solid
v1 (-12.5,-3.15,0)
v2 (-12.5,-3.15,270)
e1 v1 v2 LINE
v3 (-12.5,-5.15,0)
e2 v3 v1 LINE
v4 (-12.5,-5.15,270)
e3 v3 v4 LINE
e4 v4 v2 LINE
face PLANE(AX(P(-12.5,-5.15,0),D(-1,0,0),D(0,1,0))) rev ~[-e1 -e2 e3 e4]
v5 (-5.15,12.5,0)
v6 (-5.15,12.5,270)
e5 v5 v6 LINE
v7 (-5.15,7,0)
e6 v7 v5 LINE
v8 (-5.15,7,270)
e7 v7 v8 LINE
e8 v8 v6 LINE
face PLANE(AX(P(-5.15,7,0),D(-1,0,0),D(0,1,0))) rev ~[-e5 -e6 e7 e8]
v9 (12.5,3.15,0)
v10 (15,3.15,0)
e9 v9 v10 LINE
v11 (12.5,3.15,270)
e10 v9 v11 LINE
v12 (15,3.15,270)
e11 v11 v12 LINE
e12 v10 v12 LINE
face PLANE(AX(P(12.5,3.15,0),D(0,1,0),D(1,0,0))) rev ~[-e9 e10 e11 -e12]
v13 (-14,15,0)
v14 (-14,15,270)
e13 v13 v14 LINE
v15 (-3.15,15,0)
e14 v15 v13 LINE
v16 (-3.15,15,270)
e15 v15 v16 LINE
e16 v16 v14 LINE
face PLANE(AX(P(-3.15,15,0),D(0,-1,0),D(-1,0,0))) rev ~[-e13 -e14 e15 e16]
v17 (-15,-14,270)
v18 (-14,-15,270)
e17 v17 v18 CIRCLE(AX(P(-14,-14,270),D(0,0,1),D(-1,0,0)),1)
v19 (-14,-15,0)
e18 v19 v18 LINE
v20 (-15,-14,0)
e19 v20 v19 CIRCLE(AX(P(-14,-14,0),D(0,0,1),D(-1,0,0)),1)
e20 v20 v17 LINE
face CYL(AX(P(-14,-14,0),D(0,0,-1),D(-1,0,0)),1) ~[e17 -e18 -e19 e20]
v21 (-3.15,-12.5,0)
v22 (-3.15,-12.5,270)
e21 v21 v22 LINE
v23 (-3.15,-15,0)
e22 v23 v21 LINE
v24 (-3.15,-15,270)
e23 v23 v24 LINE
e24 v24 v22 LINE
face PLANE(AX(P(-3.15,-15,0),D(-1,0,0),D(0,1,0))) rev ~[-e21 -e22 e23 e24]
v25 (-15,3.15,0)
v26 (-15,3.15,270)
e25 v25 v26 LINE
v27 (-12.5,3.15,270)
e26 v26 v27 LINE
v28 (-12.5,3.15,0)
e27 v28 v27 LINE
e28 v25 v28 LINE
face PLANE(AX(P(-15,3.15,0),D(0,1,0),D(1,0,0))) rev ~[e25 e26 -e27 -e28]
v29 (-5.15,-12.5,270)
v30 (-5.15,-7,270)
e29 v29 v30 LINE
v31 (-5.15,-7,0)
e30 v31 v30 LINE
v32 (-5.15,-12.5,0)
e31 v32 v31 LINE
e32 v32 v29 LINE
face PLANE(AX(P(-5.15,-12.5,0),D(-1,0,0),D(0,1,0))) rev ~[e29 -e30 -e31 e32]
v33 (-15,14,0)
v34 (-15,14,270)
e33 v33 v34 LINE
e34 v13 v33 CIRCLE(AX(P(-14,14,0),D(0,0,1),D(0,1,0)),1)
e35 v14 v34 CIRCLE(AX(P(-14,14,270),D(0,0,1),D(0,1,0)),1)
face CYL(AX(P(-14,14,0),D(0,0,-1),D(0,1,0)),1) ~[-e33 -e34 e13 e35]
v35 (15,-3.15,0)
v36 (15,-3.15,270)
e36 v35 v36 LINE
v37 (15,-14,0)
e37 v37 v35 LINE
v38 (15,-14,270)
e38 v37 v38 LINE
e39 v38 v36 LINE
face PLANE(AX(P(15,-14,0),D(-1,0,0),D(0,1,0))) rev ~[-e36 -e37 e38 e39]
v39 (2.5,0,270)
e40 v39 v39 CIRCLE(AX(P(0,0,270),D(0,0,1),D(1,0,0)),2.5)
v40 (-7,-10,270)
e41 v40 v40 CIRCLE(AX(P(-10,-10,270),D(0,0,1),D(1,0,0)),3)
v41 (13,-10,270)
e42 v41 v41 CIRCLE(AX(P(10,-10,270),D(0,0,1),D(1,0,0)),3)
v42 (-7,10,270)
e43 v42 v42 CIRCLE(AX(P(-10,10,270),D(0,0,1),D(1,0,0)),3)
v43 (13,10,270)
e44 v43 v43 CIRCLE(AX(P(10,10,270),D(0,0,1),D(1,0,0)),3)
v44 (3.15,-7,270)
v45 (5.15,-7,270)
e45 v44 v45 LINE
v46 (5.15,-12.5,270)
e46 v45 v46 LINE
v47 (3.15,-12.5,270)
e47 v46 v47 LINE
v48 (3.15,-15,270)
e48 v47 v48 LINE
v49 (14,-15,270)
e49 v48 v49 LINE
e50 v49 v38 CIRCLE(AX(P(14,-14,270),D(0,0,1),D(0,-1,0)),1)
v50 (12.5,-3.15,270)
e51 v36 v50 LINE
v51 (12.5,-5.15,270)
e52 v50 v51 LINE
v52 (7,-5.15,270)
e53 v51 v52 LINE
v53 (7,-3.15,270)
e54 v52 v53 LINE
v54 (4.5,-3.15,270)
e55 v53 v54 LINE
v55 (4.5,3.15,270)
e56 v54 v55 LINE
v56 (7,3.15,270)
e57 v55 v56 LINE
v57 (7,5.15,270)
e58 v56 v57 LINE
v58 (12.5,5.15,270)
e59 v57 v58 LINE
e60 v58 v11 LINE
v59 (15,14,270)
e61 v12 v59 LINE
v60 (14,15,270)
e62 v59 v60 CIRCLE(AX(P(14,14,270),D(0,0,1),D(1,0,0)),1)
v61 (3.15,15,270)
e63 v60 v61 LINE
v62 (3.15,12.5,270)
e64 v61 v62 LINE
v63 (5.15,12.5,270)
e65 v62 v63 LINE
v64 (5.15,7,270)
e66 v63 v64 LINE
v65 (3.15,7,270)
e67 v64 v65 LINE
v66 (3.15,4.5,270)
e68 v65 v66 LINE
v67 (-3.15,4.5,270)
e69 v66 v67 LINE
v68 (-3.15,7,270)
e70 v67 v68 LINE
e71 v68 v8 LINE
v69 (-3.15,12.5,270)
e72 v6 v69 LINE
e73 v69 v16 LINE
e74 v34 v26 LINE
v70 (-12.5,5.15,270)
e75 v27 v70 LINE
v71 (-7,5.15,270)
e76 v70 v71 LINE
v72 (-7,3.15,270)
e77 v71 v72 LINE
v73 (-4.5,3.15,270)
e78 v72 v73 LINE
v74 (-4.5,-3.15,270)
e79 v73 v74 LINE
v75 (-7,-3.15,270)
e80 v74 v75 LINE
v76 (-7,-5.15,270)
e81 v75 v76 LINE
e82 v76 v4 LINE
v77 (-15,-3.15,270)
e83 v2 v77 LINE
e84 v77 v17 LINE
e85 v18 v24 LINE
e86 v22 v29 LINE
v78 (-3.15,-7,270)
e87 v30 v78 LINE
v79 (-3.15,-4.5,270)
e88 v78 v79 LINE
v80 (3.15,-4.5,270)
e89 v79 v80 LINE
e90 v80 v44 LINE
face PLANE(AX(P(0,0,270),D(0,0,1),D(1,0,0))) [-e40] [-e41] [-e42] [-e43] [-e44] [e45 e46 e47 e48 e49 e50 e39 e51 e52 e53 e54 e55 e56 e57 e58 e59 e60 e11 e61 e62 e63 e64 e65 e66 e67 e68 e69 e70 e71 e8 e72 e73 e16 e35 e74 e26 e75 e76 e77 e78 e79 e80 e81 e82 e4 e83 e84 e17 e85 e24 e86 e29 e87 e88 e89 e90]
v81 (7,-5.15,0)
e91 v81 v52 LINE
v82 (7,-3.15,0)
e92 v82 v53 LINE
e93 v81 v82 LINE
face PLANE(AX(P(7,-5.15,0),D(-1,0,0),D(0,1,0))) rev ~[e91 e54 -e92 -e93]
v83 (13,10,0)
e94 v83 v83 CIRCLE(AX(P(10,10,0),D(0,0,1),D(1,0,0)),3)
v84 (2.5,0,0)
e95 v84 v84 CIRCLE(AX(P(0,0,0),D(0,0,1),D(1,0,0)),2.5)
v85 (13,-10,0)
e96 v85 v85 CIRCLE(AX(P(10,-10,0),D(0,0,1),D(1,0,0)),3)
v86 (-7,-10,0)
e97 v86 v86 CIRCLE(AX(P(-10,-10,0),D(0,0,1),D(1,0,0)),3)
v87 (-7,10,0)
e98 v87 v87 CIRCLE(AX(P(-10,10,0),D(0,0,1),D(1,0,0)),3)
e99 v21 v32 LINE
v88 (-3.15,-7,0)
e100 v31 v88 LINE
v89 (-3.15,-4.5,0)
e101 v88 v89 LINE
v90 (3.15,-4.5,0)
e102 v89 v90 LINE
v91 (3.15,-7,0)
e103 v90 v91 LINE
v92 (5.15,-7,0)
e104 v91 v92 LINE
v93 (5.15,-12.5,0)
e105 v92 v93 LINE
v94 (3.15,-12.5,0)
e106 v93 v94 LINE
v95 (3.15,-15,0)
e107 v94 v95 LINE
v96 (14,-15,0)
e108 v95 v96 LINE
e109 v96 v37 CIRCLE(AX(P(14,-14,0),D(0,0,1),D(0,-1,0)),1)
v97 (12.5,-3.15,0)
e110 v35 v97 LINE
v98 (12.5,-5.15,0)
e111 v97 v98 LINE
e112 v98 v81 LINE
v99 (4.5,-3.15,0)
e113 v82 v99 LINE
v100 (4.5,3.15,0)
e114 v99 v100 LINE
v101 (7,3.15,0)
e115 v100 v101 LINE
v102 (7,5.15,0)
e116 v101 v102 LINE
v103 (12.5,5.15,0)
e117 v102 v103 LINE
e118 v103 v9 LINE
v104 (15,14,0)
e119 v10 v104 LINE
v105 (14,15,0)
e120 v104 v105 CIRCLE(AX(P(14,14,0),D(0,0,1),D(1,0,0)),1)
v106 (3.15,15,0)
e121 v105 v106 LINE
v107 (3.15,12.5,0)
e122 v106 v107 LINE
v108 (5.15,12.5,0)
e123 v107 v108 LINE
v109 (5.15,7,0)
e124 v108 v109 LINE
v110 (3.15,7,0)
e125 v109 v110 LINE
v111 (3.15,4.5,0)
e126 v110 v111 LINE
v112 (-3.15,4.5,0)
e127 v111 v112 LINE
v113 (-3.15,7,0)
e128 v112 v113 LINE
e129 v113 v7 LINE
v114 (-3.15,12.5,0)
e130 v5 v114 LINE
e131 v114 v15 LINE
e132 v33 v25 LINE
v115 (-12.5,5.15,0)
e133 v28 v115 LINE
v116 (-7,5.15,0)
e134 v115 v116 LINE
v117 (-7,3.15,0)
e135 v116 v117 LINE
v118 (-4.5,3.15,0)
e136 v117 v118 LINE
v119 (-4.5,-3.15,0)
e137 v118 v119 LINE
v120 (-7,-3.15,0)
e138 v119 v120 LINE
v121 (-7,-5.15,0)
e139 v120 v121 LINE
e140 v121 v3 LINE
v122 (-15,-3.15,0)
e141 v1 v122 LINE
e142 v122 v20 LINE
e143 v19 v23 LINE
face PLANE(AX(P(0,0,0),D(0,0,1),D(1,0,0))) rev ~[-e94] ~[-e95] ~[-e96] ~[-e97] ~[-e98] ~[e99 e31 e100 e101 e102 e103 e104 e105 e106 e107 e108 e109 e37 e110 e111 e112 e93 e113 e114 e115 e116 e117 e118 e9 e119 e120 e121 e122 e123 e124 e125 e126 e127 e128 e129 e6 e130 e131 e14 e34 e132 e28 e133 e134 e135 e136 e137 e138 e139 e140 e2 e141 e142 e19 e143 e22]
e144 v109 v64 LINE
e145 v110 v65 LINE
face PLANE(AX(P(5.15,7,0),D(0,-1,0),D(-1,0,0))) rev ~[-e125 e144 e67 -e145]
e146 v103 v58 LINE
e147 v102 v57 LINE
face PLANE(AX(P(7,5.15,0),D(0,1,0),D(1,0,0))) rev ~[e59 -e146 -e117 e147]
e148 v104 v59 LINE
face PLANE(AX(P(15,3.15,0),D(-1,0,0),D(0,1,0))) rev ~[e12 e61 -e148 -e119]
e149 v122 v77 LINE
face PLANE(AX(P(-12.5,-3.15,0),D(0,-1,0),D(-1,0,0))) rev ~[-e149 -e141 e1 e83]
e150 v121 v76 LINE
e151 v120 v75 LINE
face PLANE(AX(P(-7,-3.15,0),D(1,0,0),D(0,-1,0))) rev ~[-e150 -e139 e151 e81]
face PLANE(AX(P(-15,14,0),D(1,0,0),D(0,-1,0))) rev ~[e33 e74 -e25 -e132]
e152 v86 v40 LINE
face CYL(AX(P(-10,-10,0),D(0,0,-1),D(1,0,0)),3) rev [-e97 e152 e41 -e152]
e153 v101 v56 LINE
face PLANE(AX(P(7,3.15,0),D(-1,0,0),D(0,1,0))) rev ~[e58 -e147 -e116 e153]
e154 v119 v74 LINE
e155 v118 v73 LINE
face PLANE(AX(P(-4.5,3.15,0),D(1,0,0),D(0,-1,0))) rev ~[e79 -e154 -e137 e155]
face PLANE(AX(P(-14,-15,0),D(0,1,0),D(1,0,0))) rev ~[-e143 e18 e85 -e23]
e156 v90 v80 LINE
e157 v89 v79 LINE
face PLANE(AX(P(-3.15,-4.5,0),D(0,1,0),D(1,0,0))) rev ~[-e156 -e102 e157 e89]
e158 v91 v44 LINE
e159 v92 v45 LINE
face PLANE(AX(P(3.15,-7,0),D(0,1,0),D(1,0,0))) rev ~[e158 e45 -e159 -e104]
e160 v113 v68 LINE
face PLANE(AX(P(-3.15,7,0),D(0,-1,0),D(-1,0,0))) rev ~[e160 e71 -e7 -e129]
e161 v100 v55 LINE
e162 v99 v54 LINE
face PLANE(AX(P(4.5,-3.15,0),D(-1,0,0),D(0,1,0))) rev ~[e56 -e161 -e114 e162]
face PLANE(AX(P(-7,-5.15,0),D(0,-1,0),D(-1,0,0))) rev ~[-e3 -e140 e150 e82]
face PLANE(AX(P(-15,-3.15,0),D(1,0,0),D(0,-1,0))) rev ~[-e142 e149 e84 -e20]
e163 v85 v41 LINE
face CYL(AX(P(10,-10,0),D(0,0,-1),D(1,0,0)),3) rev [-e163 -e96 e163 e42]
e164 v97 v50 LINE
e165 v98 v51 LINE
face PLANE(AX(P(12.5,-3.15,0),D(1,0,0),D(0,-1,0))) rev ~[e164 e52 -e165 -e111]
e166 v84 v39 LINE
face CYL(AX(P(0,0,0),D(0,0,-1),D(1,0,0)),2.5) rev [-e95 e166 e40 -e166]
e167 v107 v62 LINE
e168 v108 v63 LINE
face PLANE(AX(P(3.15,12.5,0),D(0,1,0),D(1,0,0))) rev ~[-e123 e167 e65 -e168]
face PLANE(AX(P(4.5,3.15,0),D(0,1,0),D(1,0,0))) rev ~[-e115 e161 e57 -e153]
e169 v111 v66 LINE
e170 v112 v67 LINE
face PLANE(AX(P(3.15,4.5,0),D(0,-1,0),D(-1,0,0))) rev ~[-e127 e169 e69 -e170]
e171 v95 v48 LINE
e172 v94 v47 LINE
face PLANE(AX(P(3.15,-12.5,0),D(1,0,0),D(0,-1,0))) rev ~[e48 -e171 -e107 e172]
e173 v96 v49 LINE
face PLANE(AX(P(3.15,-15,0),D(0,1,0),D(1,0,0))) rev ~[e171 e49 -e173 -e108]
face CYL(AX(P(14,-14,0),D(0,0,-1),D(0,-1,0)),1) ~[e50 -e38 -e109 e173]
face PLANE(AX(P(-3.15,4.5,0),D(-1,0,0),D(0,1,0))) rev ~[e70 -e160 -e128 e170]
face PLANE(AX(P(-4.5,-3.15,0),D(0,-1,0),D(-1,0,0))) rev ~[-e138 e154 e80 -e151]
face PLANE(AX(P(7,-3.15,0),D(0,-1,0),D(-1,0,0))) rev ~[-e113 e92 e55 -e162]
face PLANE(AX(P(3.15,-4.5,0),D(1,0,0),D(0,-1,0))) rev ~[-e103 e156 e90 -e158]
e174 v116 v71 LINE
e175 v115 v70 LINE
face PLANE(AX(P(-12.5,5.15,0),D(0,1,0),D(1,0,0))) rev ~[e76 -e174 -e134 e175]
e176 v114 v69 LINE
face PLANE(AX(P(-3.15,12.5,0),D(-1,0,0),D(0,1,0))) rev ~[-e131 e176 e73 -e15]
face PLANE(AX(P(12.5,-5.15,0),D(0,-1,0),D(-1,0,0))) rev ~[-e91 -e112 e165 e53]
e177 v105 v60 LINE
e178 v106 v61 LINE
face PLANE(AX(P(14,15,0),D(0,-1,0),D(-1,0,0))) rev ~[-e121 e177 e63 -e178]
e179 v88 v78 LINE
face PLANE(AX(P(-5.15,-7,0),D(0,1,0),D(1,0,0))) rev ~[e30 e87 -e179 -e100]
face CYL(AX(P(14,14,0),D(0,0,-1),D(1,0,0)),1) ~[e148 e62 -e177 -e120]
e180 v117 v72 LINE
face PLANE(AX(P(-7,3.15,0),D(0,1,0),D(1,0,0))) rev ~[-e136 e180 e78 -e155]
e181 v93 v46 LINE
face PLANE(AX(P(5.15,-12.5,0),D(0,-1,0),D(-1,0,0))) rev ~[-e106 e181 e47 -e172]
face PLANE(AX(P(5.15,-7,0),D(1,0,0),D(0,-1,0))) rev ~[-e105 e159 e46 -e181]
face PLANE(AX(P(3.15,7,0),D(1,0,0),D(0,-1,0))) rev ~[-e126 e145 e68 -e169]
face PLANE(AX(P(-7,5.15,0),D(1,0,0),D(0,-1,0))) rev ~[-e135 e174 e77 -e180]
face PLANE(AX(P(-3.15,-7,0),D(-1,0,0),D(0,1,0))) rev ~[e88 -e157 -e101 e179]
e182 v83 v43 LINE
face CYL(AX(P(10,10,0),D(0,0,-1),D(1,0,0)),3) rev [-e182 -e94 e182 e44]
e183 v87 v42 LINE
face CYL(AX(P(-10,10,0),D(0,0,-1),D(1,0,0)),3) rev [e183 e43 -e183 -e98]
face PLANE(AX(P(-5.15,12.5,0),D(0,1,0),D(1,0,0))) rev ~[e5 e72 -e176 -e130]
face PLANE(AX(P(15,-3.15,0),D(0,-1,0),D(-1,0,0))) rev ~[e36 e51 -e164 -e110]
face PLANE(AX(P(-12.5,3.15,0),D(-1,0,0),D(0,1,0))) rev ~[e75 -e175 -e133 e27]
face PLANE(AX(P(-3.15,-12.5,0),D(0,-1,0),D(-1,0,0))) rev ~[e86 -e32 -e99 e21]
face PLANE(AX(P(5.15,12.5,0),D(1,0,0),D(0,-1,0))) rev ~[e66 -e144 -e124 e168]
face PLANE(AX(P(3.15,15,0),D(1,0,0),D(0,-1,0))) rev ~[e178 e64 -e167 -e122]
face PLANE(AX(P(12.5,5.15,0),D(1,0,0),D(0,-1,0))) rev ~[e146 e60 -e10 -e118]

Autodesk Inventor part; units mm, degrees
ref_plane "YZ Plane" through (0, 0, 0) normal (1, 0, 0) x (0, 1, 0)
ref_plane "XZ Plane" through (0, 0, 0) normal (0, 1, 0) x (-1, 0, 0)
ref_plane "XY Plane" through (0, 0, 0) normal (0, 0, 1) x (1, 0, 0)
feature "ソリッド1" [suppressed]
sketch "スケッチ2" plane through (0, 0, 0) normal (0, 0, 1) x (1, 0, 0)
  line L0 (-12.5, 5.15) -> (-7, 5.15) projected
  line L1 (-7, 5.15) -> (-7, 3.15) projected
  line L2 (-7, 3.15) -> (-4.5, 3.15) projected
  line L3 (-4.5, 3.15) -> (-4.5, -3.15) projected
  line L4 (-4.5, -3.15) -> (-7, -3.15) projected
  line L5 (-7, -3.15) -> (-7, -5.15) projected
  line L6 (-7, -5.15) -> (-12.5, -5.15) projected
  line L7 (-12.5, -5.15) -> (-12.5, -3.15) projected
  line L8 (-12.5, -3.15) -> (-15, -3.15) projected
  line L9 (-15, -3.15) -> (-15, -14) projected
  arc A0 (-15, -14) -> (-14, -15) centre (-14, -14) ccw projected
  line L10 (-14, -15) -> (-3.15, -15) projected
  line L11 (-3.15, -15) -> (-3.15, -12.5) projected
  line L12 (-3.15, -12.5) -> (-5.15, -12.5) projected
  line L13 (-5.15, -12.5) -> (-5.15, -7) projected
  line L14 (-5.15, -7) -> (-3.15, -7) projected
  line L15 (-3.15, -7) -> (-3.15, -4.5) projected
  line L16 (-3.15, -4.5) -> (3.15, -4.5) projected
  line L17 (3.15, -4.5) -> (3.15, -7) projected
  line L18 (3.15, -7) -> (5.15, -7) projected
  line L19 (5.15, -7) -> (5.15, -12.5) projected
  line L20 (5.15, -12.5) -> (3.15, -12.5) projected
  line L21 (3.15, -12.5) -> (3.15, -15) projected
  line L22 (3.15, -15) -> (14, -15) projected
  arc A1 (14, -15) -> (15, -14) centre (14, -14) ccw projected
  line L23 (15, -14) -> (15, -3.15) projected
  line L24 (15, -3.15) -> (12.5, -3.15) projected
  line L25 (12.5, -3.15) -> (12.5, -5.15) projected
  line L26 (12.5, -5.15) -> (7, -5.15) projected
  line L27 (7, -5.15) -> (7, -3.15) projected
  line L28 (7, -3.15) -> (4.5, -3.15) projected
  line L29 (4.5, -3.15) -> (4.5, 3.15) projected
  line L30 (4.5, 3.15) -> (7, 3.15) projected
  line L31 (7, 3.15) -> (7, 5.15) projected
  line L32 (7, 5.15) -> (12.5, 5.15) projected
  line L33 (12.5, 5.15) -> (12.5, 3.15) projected
  line L34 (12.5, 3.15) -> (15, 3.15) projected
  line L35 (15, 3.15) -> (15, 14) projected
  arc A2 (15, 14) -> (14, 15) centre (14, 14) ccw projected
  line L36 (14, 15) -> (3.15, 15) projected
  line L37 (3.15, 15) -> (3.15, 12.5) projected
  line L38 (3.15, 12.5) -> (5.15, 12.5) projected
  line L39 (5.15, 12.5) -> (5.15, 7) projected
  line L40 (5.15, 7) -> (3.15, 7) projected
  line L41 (3.15, 7) -> (3.15, 4.5) projected
  line L42 (3.15, 4.5) -> (-3.15, 4.5) projected
  line L43 (-3.15, 4.5) -> (-3.15, 7) projected
  line L44 (-3.15, 7) -> (-5.15, 7) projected
  line L45 (-5.15, 7) -> (-5.15, 12.5) projected
  line L46 (-5.15, 12.5) -> (-3.15, 12.5) projected
  line L47 (-3.15, 12.5) -> (-3.15, 15) projected
  line L48 (-3.15, 15) -> (-14, 15) projected
  arc A3 (-14, 15) -> (-15, 14) centre (-14, 14) ccw projected
  line L49 (-15, 14) -> (-15, 3.15) projected
  line L50 (-15, 3.15) -> (-12.5, 3.15) projected
  line L51 (-12.5, 3.15) -> (-12.5, 5.15) projected
  circle A4 centre (10, 10) radius 3 projected
  circle A5 centre (-10, 10) radius 3 projected
  circle A6 centre (-10, -10) radius 3 projected
  circle A7 centre (10, -10) radius 3 projected
  circle A8 centre (0, 0) radius 2.5 projected
extrude "押し出し1" add sketch "スケッチ2" along normal blind 270
equation "\"d1\" = L"
equation "\"L\" = 270"
properties part number "AFS-3030-270"
